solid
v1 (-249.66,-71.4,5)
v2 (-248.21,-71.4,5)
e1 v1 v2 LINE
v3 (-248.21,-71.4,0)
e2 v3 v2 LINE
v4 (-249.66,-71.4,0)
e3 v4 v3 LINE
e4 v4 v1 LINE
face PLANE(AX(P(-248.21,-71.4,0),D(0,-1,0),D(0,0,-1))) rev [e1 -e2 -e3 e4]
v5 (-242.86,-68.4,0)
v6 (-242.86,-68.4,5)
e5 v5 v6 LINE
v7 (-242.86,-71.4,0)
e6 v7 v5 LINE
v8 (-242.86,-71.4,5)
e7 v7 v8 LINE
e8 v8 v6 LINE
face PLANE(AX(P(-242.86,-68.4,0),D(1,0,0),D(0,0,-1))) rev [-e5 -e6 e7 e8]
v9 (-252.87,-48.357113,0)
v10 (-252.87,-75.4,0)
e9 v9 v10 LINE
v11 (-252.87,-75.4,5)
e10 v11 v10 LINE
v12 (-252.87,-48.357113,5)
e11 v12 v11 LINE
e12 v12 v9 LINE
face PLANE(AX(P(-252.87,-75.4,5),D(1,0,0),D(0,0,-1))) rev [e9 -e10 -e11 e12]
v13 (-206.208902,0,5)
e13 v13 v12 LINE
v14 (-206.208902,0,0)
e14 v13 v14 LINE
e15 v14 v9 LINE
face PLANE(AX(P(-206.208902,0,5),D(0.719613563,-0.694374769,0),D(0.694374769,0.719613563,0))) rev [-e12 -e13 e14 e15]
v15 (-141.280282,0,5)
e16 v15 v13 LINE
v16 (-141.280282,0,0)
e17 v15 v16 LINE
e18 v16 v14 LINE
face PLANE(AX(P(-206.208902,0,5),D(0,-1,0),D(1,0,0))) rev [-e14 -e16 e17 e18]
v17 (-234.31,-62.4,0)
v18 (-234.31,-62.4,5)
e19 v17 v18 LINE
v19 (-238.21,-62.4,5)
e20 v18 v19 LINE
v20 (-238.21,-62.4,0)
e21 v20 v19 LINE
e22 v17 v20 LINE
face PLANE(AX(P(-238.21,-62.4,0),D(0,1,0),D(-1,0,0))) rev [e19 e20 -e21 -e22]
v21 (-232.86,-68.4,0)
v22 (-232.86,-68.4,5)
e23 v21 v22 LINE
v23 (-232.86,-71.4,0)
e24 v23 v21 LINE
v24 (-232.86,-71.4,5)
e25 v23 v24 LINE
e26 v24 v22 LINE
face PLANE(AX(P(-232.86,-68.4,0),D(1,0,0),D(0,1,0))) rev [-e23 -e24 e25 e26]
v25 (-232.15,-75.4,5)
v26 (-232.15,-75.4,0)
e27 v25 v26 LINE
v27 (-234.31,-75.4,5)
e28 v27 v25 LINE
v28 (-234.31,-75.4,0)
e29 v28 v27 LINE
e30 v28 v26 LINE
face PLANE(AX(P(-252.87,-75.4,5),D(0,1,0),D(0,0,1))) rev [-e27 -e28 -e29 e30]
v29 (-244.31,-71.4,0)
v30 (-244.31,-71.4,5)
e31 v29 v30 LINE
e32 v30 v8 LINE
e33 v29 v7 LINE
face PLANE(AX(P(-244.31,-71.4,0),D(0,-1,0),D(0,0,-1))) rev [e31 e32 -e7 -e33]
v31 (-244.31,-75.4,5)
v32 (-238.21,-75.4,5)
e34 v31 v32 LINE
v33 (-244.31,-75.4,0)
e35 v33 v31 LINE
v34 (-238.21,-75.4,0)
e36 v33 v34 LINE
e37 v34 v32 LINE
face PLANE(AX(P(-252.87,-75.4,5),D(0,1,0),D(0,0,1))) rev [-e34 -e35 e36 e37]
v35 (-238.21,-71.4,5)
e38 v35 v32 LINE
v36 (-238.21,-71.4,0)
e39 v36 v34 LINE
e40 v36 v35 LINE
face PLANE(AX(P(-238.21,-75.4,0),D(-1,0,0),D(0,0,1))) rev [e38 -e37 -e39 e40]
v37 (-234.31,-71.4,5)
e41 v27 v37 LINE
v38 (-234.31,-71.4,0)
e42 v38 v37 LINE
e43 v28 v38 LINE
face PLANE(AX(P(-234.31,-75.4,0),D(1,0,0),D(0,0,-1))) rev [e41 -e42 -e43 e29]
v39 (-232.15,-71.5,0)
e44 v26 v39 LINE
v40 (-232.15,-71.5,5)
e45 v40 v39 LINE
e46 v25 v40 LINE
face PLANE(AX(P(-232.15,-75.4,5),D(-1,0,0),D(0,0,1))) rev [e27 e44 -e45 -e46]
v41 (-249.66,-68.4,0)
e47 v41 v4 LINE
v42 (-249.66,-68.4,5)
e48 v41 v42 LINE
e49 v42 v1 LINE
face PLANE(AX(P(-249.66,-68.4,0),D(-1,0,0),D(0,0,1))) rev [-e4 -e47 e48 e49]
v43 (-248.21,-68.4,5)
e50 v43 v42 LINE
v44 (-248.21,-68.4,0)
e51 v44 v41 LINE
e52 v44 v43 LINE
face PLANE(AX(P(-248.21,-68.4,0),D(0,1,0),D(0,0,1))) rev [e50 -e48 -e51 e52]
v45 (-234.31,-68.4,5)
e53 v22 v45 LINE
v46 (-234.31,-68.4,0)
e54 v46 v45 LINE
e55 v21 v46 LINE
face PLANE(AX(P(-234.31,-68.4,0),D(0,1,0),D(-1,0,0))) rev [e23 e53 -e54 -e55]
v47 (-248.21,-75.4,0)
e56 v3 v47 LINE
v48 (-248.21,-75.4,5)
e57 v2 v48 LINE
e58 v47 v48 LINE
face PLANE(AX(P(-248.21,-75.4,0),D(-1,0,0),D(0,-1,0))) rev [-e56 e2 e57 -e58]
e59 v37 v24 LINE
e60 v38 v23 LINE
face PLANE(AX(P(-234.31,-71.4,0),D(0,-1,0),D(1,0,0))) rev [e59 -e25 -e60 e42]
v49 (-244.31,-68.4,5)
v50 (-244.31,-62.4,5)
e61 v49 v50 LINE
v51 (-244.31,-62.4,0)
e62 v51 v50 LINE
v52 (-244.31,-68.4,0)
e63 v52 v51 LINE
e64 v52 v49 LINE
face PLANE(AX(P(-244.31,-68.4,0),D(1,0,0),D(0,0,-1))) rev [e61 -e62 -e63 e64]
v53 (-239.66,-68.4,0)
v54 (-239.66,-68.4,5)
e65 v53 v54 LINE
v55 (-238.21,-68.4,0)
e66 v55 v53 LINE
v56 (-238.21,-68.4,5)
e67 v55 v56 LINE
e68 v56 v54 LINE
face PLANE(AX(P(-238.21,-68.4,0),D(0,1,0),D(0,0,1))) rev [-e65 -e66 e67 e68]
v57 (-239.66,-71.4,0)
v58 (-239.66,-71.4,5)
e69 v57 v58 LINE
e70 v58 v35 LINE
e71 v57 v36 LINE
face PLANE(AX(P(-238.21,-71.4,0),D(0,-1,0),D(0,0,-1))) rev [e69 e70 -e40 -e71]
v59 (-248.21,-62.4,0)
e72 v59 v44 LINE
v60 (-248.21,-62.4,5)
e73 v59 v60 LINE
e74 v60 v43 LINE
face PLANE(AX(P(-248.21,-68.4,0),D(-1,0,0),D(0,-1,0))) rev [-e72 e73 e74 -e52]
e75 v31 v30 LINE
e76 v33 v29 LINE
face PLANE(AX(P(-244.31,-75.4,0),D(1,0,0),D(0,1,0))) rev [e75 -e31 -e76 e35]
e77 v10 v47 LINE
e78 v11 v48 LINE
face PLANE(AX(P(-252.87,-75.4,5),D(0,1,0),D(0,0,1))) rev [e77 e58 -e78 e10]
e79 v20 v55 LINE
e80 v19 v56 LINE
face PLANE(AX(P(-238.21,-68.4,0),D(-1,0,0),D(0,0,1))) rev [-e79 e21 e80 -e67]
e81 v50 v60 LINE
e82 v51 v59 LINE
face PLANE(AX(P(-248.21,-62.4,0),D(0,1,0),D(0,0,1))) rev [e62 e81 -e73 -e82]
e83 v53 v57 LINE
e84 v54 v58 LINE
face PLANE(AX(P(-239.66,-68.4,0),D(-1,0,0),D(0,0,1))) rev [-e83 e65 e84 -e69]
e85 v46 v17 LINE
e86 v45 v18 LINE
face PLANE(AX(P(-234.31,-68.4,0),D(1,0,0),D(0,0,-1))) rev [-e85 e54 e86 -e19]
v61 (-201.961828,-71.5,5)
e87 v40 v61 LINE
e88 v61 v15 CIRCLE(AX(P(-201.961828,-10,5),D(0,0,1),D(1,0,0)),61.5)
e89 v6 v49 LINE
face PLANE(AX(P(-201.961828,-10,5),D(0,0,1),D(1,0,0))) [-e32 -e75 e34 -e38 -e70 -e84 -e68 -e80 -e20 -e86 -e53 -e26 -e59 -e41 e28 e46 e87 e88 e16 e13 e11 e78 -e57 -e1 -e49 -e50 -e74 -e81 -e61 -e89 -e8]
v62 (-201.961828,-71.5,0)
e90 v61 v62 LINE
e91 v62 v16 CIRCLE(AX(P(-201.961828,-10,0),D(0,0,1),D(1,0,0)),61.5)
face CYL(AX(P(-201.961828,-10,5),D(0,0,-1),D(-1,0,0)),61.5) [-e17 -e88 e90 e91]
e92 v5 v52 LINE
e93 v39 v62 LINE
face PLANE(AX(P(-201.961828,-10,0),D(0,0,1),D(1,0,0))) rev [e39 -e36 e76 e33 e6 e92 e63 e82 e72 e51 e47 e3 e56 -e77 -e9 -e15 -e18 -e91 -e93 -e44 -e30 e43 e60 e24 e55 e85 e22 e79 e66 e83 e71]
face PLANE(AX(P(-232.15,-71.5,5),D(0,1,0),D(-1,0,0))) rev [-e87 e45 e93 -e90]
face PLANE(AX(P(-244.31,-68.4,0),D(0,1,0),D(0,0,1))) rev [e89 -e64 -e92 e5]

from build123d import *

# Parameters (mm, degrees)
BOSS_EXTRUDE1_DEPTH = 5
CUT_EXTRUDE1_DEPTH  = 5


with BuildPart() as part:
    # Sketch2 → Boss-Extrude1 (new body)
    with BuildSketch(Plane.XY):
        with BuildLine():
            Line((-252.87, -75.4), (-232.15, -75.4))
            Line((-232.15, -75.4), (-232.15, -71.5))
            Line((-232.15, -71.5), (-201.961827551, -71.5))
            ThreePointArc((-201.961827551, -71.5), (-155.072329793, -49.794786091), (-141.280281757, 0))
            Line((-141.280281757, 0), (-206.208901909, 0))
            Line((-206.208901909, 0), (-252.87, -48.35711287))
            Line((-252.87, -48.35711287), (-252.87, -75.4))
        make_face()
    extrude(amount=BOSS_EXTRUDE1_DEPTH)

    # Sketch3 → Cut-Extrude1 (cut)
    with BuildSketch(Plane.XY.offset(5)):
        Polygon((-248.21, -75.4), (-244.31, -75.4), (-244.31, -71.4), (-242.86, -71.4), (-242.86, -68.4), (-244.31, -68.4), (-244.31, -62.4), (-248.21, -62.4), (-248.21, -68.4), (-249.66, -68.4), (-249.66, -71.4), (-248.21, -71.4), align=None)
        Polygon((-238.21, -75.4), (-234.31, -75.4), (-234.31, -71.4), (-232.86, -71.4), (-232.86, -68.4), (-234.31, -68.4), (-234.31, -62.4), (-238.21, -62.4), (-238.21, -68.4), (-239.66, -68.4), (-239.66, -71.4), (-238.21, -71.4), align=None)
    extrude(amount=-CUT_EXTRUDE1_DEPTH, mode=Mode.SUBTRACT)


solid = part.part
